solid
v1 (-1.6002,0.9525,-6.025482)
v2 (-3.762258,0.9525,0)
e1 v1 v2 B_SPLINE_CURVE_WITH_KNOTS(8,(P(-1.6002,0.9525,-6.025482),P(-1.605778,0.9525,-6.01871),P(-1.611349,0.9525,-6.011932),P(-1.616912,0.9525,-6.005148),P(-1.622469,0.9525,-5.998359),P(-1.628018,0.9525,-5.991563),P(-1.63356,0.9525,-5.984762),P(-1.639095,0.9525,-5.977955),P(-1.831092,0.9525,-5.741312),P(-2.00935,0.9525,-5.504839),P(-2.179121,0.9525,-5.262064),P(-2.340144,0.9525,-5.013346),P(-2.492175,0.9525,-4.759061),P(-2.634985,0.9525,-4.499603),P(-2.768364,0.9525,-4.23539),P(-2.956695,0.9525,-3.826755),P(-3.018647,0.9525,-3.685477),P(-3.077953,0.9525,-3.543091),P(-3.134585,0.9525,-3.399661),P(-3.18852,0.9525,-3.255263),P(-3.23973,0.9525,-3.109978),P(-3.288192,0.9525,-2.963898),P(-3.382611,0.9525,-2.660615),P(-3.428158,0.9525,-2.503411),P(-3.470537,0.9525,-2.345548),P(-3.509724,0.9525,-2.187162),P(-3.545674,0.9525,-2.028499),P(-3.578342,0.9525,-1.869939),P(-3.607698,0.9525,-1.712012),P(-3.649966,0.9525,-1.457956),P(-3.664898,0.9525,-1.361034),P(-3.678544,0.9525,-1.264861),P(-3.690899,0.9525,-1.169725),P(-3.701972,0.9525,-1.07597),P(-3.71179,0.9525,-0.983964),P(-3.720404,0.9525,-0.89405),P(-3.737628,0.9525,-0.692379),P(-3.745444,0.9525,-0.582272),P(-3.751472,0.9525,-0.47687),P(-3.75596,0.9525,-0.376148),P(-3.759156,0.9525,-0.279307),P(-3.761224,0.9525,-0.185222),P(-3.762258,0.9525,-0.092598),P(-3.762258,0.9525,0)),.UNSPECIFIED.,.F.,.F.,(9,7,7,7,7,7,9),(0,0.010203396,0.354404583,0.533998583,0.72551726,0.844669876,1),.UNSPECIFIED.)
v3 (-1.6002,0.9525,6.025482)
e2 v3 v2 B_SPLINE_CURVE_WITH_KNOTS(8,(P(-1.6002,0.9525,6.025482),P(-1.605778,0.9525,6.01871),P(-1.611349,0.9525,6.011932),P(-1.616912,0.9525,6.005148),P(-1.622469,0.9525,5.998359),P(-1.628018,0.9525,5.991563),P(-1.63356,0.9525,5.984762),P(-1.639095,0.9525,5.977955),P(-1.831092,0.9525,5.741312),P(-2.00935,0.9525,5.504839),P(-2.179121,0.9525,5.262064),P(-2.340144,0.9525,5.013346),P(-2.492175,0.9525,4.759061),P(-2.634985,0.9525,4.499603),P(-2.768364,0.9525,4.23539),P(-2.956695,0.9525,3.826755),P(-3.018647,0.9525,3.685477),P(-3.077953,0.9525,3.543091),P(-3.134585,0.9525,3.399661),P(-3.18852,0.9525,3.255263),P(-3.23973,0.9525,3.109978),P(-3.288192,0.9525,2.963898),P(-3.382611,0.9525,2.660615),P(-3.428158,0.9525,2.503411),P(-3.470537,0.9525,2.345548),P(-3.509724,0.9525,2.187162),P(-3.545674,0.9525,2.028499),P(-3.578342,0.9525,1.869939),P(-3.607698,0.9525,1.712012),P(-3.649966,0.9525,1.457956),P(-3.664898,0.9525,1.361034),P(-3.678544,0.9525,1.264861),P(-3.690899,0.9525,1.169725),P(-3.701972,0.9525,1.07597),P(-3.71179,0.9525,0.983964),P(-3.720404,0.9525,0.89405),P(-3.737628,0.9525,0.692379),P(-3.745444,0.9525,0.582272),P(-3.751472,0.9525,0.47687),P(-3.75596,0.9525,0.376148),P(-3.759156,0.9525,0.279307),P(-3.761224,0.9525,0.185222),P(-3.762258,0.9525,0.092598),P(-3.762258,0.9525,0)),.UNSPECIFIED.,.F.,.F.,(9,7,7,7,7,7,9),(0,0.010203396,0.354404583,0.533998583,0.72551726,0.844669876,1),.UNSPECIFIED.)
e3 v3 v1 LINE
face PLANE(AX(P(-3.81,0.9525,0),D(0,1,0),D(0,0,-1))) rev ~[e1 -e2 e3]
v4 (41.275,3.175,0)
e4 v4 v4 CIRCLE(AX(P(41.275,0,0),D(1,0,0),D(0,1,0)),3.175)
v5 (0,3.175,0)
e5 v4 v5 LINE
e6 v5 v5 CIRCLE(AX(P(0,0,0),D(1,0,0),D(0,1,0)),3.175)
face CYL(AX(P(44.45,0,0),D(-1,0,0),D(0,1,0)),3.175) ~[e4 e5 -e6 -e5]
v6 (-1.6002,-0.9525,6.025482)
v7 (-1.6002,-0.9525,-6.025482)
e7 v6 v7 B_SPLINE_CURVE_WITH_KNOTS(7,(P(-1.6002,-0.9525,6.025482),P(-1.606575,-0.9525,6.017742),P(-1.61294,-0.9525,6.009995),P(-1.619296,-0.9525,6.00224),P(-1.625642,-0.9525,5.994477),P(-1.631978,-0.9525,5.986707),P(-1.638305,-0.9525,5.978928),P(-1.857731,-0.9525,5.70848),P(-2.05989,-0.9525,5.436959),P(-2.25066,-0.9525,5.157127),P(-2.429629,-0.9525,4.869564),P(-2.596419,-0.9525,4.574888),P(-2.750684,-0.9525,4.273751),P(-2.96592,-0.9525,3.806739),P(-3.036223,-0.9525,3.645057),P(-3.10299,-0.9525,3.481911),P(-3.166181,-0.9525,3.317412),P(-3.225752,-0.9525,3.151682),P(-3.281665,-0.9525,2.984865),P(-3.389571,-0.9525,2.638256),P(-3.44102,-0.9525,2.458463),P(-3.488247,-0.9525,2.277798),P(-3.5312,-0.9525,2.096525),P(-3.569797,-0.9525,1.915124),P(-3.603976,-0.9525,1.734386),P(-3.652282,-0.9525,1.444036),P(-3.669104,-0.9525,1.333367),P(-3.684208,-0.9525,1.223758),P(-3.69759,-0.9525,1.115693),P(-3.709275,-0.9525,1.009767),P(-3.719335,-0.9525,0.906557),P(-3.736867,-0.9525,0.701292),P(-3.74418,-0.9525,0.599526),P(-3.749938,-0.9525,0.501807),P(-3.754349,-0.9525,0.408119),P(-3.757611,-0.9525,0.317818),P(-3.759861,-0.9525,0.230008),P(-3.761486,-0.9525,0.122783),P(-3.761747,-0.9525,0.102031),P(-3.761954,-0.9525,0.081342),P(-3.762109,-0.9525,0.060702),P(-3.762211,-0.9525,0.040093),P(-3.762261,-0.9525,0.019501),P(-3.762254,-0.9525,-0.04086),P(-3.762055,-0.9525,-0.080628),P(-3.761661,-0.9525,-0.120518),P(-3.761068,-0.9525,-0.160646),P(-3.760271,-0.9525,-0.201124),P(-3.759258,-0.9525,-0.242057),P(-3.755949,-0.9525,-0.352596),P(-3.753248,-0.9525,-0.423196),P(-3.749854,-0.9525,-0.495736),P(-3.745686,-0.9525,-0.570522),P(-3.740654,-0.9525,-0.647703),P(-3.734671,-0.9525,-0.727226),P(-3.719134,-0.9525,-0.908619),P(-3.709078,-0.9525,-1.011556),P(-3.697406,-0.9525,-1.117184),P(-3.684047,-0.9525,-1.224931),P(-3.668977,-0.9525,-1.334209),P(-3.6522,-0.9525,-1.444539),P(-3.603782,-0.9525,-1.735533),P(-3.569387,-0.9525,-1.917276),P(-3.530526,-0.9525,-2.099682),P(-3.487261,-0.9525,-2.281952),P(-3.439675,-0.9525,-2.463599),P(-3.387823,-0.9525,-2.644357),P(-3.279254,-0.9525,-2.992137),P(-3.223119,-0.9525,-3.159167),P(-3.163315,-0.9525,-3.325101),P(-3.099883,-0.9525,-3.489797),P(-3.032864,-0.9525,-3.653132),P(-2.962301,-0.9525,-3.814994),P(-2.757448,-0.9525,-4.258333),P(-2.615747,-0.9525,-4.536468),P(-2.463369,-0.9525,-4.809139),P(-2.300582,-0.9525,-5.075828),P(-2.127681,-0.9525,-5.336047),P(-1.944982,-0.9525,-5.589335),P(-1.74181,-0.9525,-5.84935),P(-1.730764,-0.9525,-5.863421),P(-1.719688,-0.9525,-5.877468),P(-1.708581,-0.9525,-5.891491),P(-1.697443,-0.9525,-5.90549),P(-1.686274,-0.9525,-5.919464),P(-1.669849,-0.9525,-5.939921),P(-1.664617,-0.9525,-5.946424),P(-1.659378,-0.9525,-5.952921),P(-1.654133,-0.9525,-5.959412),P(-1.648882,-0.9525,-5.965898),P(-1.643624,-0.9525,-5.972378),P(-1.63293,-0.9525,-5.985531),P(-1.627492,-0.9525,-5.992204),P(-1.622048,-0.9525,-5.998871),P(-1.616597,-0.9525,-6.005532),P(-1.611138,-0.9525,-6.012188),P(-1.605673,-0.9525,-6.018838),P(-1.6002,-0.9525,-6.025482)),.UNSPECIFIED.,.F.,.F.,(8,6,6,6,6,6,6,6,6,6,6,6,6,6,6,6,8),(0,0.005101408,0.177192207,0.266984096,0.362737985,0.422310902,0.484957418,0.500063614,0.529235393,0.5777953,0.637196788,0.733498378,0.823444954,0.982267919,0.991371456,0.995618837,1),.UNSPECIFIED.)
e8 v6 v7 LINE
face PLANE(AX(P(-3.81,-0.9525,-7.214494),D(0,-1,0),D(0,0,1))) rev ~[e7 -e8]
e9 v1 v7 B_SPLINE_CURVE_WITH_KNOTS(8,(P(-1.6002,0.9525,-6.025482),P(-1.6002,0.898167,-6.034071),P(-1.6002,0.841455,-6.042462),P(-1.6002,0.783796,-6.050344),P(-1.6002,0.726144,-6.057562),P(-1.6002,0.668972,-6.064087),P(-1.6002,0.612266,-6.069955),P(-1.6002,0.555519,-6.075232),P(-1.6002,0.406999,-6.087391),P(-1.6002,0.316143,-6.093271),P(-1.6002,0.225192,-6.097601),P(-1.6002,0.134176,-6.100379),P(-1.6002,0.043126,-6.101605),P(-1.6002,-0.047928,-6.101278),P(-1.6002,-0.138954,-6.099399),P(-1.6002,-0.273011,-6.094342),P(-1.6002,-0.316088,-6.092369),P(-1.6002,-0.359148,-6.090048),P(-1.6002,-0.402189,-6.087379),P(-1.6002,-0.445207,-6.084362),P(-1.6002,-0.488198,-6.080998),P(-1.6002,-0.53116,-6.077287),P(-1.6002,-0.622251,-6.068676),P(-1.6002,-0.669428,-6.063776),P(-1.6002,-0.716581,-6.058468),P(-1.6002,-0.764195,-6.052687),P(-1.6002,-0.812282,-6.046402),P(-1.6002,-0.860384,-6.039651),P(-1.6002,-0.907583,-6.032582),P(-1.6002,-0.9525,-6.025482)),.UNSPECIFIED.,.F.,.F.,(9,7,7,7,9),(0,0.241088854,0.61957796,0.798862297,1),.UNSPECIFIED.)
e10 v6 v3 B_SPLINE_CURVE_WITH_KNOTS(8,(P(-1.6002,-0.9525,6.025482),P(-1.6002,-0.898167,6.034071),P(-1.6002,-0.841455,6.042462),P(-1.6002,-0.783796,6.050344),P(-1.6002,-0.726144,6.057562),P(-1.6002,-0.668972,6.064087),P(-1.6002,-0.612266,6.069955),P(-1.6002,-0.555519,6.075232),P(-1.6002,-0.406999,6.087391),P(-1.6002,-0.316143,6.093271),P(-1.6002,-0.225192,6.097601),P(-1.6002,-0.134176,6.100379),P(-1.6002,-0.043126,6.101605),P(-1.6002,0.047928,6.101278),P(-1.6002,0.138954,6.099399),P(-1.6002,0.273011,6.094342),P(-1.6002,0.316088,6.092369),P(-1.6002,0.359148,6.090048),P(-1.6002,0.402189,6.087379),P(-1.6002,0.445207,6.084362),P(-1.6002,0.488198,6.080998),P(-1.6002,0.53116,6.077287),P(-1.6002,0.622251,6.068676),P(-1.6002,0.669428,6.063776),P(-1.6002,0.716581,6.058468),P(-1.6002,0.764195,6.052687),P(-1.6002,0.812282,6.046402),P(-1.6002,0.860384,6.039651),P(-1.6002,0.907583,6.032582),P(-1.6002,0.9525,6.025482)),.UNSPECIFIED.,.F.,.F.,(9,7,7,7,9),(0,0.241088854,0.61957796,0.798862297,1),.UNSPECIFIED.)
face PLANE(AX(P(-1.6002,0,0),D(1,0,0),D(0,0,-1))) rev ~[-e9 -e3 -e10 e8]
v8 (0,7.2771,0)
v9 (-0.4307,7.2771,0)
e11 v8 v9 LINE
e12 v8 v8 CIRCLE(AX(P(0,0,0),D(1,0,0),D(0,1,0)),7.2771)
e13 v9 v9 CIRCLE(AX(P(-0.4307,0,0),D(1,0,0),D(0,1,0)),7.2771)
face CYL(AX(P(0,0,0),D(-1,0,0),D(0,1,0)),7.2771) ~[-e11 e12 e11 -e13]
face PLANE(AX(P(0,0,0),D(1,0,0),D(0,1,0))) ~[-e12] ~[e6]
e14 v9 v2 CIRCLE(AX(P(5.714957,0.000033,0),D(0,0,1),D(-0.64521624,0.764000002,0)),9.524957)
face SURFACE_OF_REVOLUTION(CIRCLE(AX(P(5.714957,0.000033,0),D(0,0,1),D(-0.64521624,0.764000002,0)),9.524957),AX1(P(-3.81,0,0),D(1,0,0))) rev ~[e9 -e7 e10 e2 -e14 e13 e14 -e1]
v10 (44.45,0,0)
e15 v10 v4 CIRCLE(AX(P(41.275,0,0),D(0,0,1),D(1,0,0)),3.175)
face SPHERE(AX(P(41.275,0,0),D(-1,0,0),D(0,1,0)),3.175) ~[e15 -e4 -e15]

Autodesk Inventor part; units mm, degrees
ref_plane "YZ Plane" through (0, 0, 0) normal (1, 0, 0) x (0, 1, 0)
sketch "Sketch1" plane through (0, 0, 0) normal (0, 0, 1) x (1, 0, 0)
  line L0 (-3.81, 0) -> (44.45, 0)
  line L1 (44.45, 0) -> (44.45, 3.175)
  line L2 (44.45, 3.175) -> (0, 3.175)
  line L3 (0, 3.175) -> (0, 7.2771)
  line L4 (-14.4263, 0) -> (54.2627, 0) projected
  line L5 (0, -1.5301) -> (0, 9.1803) projected
  line L6 (0, 7.2771) -> (-0.4307, 7.2771)
  arc A0 (-0.4307, 7.2771) -> (-3.81, 0) centre (5.715, 0) ccw
  dimension "d0" = 44.45
  dimension "d3" = 3.81
  dimension "d4" = 6.35
  dimension "d9" = 14.5542
  dimension "d10" = 0
  dimension "d13" = 9.525
revolve "Body" add sketch "Sketch1" angle 360 about axis through (-3.81, 0, 0) along (1, 0, 0)
ref_plane "IDS_WORKPLANE{1}" through (-3.81, 0, 0) normal (1, 0, 0) x (0, 0, -1)
sketch "Sketch2" plane through (-3.81, 0, 0) normal (1, 0, 0) x (0, 0, -1)
  circle A0 centre (0, 0) radius 7.2771 projected
  line L0 (0, -10.1879) -> (0, 10.1879) projected
  line L1 (10.1879, 0) -> (-10.1879, 0) projected
  line L2 (-7.2771, 0.9525) -> (7.2771, 0.9525)
  line L3 (7.2771, 0.9525) -> (7.2771, -0.9525)
  line L4 (7.2771, -0.9525) -> (-7.2771, -0.9525)
  line L5 (-7.2771, -0.9525) -> (-7.2771, 0.9525)
  line L6 (-7.2771, 0) -> (7.2771, 0) construction
  line L7 (0, 0.9525) -> (0, -0.9525) construction
  dimension "d15" = 1.905
extrude "Slot" cut sketch "Sketch2" along normal blind 2.2098 contours L1 L0 L2 A0 | L3 L4 A0 | A0 L4 L0 L1 | A0 L2 L3 | L1 A0 L2 L0 | L0 L4 A0 L1 | L5 L2 A0 | A0 L4 L5
thread "Thread" size "1/4-28 UNF" class "2A" standard "ANSI Unified Screw Threads" length 37.7825
sketch "Sketch3" plane through (0, 0, 0) normal (0, 0, 1) x (1, 0, 0)
  line L0 (44.45, 0) -> (44.45, 3.175) projected
  line L1 (-3.81, 0) -> (44.45, 0) projected
  arc A0 (44.45, 0) -> (41.275, 3.175) centre (41.275, 0) ccw
  line L2 (44.45, -3.175) -> (44.45, 3.175) projected
  line L3 (41.275, 3.175) -> (41.275, 0)
  line L4 (41.275, 0) -> (44.45, 0)
  line L5 (0, 3.175) -> (44.45, 3.175) projected
revolve "Fillet" cut sketch "Sketch3" angle 360 about axis through (-3.81, 0, 0) along (1, 0, 0) contours A0 L5 L0
ref_plane "Work Plane2" through (1.4224, 0, 0) normal (0, 0, -1) x (1, 0, 0)
equation "\"d0\" = NLG"
equation "\"d3\" = KOH"
equation "\"d4\" = GD"
equation "\"d9\" = KOD"
equation "\"d13\" = KR"
equation "\"d15\" = SBR"
equation "\"d16\" = STI"
equation "\"d11\" = GEL"
equation "\"GD\" = NND"
equation "\"NLG\" = 44.45"
equation "\"GEL\" = 37.7825"
equation "\"KOD\" = 14.5542"
equation "\"KOH\" = 3.81"
equation "\"SBR\" = 1.905"
equation "\"STI\" = 2.2098"
equation "\"KEWI\" = 0"
equation "\"KR\" = 9.525"
equation "\"d14\" = -KOH"
equation "\"GUL\" = GAL"
equation "\"SPD\" = 5.44322"
equation "\"THREADDIA\" = 6.35"
equation "\"TOA\" = 30deg"
equation "\"BDM\" = NND"
equation "\"NND\" = 6.35"
equation "\"GAL\" = 0.45339"
equation "\"GD1\" = 5.44322"
properties part number "ANSI B18.6.3 - 1/4 - 28 - 1 3/4, STHMSI" material "Steel, Mild"
